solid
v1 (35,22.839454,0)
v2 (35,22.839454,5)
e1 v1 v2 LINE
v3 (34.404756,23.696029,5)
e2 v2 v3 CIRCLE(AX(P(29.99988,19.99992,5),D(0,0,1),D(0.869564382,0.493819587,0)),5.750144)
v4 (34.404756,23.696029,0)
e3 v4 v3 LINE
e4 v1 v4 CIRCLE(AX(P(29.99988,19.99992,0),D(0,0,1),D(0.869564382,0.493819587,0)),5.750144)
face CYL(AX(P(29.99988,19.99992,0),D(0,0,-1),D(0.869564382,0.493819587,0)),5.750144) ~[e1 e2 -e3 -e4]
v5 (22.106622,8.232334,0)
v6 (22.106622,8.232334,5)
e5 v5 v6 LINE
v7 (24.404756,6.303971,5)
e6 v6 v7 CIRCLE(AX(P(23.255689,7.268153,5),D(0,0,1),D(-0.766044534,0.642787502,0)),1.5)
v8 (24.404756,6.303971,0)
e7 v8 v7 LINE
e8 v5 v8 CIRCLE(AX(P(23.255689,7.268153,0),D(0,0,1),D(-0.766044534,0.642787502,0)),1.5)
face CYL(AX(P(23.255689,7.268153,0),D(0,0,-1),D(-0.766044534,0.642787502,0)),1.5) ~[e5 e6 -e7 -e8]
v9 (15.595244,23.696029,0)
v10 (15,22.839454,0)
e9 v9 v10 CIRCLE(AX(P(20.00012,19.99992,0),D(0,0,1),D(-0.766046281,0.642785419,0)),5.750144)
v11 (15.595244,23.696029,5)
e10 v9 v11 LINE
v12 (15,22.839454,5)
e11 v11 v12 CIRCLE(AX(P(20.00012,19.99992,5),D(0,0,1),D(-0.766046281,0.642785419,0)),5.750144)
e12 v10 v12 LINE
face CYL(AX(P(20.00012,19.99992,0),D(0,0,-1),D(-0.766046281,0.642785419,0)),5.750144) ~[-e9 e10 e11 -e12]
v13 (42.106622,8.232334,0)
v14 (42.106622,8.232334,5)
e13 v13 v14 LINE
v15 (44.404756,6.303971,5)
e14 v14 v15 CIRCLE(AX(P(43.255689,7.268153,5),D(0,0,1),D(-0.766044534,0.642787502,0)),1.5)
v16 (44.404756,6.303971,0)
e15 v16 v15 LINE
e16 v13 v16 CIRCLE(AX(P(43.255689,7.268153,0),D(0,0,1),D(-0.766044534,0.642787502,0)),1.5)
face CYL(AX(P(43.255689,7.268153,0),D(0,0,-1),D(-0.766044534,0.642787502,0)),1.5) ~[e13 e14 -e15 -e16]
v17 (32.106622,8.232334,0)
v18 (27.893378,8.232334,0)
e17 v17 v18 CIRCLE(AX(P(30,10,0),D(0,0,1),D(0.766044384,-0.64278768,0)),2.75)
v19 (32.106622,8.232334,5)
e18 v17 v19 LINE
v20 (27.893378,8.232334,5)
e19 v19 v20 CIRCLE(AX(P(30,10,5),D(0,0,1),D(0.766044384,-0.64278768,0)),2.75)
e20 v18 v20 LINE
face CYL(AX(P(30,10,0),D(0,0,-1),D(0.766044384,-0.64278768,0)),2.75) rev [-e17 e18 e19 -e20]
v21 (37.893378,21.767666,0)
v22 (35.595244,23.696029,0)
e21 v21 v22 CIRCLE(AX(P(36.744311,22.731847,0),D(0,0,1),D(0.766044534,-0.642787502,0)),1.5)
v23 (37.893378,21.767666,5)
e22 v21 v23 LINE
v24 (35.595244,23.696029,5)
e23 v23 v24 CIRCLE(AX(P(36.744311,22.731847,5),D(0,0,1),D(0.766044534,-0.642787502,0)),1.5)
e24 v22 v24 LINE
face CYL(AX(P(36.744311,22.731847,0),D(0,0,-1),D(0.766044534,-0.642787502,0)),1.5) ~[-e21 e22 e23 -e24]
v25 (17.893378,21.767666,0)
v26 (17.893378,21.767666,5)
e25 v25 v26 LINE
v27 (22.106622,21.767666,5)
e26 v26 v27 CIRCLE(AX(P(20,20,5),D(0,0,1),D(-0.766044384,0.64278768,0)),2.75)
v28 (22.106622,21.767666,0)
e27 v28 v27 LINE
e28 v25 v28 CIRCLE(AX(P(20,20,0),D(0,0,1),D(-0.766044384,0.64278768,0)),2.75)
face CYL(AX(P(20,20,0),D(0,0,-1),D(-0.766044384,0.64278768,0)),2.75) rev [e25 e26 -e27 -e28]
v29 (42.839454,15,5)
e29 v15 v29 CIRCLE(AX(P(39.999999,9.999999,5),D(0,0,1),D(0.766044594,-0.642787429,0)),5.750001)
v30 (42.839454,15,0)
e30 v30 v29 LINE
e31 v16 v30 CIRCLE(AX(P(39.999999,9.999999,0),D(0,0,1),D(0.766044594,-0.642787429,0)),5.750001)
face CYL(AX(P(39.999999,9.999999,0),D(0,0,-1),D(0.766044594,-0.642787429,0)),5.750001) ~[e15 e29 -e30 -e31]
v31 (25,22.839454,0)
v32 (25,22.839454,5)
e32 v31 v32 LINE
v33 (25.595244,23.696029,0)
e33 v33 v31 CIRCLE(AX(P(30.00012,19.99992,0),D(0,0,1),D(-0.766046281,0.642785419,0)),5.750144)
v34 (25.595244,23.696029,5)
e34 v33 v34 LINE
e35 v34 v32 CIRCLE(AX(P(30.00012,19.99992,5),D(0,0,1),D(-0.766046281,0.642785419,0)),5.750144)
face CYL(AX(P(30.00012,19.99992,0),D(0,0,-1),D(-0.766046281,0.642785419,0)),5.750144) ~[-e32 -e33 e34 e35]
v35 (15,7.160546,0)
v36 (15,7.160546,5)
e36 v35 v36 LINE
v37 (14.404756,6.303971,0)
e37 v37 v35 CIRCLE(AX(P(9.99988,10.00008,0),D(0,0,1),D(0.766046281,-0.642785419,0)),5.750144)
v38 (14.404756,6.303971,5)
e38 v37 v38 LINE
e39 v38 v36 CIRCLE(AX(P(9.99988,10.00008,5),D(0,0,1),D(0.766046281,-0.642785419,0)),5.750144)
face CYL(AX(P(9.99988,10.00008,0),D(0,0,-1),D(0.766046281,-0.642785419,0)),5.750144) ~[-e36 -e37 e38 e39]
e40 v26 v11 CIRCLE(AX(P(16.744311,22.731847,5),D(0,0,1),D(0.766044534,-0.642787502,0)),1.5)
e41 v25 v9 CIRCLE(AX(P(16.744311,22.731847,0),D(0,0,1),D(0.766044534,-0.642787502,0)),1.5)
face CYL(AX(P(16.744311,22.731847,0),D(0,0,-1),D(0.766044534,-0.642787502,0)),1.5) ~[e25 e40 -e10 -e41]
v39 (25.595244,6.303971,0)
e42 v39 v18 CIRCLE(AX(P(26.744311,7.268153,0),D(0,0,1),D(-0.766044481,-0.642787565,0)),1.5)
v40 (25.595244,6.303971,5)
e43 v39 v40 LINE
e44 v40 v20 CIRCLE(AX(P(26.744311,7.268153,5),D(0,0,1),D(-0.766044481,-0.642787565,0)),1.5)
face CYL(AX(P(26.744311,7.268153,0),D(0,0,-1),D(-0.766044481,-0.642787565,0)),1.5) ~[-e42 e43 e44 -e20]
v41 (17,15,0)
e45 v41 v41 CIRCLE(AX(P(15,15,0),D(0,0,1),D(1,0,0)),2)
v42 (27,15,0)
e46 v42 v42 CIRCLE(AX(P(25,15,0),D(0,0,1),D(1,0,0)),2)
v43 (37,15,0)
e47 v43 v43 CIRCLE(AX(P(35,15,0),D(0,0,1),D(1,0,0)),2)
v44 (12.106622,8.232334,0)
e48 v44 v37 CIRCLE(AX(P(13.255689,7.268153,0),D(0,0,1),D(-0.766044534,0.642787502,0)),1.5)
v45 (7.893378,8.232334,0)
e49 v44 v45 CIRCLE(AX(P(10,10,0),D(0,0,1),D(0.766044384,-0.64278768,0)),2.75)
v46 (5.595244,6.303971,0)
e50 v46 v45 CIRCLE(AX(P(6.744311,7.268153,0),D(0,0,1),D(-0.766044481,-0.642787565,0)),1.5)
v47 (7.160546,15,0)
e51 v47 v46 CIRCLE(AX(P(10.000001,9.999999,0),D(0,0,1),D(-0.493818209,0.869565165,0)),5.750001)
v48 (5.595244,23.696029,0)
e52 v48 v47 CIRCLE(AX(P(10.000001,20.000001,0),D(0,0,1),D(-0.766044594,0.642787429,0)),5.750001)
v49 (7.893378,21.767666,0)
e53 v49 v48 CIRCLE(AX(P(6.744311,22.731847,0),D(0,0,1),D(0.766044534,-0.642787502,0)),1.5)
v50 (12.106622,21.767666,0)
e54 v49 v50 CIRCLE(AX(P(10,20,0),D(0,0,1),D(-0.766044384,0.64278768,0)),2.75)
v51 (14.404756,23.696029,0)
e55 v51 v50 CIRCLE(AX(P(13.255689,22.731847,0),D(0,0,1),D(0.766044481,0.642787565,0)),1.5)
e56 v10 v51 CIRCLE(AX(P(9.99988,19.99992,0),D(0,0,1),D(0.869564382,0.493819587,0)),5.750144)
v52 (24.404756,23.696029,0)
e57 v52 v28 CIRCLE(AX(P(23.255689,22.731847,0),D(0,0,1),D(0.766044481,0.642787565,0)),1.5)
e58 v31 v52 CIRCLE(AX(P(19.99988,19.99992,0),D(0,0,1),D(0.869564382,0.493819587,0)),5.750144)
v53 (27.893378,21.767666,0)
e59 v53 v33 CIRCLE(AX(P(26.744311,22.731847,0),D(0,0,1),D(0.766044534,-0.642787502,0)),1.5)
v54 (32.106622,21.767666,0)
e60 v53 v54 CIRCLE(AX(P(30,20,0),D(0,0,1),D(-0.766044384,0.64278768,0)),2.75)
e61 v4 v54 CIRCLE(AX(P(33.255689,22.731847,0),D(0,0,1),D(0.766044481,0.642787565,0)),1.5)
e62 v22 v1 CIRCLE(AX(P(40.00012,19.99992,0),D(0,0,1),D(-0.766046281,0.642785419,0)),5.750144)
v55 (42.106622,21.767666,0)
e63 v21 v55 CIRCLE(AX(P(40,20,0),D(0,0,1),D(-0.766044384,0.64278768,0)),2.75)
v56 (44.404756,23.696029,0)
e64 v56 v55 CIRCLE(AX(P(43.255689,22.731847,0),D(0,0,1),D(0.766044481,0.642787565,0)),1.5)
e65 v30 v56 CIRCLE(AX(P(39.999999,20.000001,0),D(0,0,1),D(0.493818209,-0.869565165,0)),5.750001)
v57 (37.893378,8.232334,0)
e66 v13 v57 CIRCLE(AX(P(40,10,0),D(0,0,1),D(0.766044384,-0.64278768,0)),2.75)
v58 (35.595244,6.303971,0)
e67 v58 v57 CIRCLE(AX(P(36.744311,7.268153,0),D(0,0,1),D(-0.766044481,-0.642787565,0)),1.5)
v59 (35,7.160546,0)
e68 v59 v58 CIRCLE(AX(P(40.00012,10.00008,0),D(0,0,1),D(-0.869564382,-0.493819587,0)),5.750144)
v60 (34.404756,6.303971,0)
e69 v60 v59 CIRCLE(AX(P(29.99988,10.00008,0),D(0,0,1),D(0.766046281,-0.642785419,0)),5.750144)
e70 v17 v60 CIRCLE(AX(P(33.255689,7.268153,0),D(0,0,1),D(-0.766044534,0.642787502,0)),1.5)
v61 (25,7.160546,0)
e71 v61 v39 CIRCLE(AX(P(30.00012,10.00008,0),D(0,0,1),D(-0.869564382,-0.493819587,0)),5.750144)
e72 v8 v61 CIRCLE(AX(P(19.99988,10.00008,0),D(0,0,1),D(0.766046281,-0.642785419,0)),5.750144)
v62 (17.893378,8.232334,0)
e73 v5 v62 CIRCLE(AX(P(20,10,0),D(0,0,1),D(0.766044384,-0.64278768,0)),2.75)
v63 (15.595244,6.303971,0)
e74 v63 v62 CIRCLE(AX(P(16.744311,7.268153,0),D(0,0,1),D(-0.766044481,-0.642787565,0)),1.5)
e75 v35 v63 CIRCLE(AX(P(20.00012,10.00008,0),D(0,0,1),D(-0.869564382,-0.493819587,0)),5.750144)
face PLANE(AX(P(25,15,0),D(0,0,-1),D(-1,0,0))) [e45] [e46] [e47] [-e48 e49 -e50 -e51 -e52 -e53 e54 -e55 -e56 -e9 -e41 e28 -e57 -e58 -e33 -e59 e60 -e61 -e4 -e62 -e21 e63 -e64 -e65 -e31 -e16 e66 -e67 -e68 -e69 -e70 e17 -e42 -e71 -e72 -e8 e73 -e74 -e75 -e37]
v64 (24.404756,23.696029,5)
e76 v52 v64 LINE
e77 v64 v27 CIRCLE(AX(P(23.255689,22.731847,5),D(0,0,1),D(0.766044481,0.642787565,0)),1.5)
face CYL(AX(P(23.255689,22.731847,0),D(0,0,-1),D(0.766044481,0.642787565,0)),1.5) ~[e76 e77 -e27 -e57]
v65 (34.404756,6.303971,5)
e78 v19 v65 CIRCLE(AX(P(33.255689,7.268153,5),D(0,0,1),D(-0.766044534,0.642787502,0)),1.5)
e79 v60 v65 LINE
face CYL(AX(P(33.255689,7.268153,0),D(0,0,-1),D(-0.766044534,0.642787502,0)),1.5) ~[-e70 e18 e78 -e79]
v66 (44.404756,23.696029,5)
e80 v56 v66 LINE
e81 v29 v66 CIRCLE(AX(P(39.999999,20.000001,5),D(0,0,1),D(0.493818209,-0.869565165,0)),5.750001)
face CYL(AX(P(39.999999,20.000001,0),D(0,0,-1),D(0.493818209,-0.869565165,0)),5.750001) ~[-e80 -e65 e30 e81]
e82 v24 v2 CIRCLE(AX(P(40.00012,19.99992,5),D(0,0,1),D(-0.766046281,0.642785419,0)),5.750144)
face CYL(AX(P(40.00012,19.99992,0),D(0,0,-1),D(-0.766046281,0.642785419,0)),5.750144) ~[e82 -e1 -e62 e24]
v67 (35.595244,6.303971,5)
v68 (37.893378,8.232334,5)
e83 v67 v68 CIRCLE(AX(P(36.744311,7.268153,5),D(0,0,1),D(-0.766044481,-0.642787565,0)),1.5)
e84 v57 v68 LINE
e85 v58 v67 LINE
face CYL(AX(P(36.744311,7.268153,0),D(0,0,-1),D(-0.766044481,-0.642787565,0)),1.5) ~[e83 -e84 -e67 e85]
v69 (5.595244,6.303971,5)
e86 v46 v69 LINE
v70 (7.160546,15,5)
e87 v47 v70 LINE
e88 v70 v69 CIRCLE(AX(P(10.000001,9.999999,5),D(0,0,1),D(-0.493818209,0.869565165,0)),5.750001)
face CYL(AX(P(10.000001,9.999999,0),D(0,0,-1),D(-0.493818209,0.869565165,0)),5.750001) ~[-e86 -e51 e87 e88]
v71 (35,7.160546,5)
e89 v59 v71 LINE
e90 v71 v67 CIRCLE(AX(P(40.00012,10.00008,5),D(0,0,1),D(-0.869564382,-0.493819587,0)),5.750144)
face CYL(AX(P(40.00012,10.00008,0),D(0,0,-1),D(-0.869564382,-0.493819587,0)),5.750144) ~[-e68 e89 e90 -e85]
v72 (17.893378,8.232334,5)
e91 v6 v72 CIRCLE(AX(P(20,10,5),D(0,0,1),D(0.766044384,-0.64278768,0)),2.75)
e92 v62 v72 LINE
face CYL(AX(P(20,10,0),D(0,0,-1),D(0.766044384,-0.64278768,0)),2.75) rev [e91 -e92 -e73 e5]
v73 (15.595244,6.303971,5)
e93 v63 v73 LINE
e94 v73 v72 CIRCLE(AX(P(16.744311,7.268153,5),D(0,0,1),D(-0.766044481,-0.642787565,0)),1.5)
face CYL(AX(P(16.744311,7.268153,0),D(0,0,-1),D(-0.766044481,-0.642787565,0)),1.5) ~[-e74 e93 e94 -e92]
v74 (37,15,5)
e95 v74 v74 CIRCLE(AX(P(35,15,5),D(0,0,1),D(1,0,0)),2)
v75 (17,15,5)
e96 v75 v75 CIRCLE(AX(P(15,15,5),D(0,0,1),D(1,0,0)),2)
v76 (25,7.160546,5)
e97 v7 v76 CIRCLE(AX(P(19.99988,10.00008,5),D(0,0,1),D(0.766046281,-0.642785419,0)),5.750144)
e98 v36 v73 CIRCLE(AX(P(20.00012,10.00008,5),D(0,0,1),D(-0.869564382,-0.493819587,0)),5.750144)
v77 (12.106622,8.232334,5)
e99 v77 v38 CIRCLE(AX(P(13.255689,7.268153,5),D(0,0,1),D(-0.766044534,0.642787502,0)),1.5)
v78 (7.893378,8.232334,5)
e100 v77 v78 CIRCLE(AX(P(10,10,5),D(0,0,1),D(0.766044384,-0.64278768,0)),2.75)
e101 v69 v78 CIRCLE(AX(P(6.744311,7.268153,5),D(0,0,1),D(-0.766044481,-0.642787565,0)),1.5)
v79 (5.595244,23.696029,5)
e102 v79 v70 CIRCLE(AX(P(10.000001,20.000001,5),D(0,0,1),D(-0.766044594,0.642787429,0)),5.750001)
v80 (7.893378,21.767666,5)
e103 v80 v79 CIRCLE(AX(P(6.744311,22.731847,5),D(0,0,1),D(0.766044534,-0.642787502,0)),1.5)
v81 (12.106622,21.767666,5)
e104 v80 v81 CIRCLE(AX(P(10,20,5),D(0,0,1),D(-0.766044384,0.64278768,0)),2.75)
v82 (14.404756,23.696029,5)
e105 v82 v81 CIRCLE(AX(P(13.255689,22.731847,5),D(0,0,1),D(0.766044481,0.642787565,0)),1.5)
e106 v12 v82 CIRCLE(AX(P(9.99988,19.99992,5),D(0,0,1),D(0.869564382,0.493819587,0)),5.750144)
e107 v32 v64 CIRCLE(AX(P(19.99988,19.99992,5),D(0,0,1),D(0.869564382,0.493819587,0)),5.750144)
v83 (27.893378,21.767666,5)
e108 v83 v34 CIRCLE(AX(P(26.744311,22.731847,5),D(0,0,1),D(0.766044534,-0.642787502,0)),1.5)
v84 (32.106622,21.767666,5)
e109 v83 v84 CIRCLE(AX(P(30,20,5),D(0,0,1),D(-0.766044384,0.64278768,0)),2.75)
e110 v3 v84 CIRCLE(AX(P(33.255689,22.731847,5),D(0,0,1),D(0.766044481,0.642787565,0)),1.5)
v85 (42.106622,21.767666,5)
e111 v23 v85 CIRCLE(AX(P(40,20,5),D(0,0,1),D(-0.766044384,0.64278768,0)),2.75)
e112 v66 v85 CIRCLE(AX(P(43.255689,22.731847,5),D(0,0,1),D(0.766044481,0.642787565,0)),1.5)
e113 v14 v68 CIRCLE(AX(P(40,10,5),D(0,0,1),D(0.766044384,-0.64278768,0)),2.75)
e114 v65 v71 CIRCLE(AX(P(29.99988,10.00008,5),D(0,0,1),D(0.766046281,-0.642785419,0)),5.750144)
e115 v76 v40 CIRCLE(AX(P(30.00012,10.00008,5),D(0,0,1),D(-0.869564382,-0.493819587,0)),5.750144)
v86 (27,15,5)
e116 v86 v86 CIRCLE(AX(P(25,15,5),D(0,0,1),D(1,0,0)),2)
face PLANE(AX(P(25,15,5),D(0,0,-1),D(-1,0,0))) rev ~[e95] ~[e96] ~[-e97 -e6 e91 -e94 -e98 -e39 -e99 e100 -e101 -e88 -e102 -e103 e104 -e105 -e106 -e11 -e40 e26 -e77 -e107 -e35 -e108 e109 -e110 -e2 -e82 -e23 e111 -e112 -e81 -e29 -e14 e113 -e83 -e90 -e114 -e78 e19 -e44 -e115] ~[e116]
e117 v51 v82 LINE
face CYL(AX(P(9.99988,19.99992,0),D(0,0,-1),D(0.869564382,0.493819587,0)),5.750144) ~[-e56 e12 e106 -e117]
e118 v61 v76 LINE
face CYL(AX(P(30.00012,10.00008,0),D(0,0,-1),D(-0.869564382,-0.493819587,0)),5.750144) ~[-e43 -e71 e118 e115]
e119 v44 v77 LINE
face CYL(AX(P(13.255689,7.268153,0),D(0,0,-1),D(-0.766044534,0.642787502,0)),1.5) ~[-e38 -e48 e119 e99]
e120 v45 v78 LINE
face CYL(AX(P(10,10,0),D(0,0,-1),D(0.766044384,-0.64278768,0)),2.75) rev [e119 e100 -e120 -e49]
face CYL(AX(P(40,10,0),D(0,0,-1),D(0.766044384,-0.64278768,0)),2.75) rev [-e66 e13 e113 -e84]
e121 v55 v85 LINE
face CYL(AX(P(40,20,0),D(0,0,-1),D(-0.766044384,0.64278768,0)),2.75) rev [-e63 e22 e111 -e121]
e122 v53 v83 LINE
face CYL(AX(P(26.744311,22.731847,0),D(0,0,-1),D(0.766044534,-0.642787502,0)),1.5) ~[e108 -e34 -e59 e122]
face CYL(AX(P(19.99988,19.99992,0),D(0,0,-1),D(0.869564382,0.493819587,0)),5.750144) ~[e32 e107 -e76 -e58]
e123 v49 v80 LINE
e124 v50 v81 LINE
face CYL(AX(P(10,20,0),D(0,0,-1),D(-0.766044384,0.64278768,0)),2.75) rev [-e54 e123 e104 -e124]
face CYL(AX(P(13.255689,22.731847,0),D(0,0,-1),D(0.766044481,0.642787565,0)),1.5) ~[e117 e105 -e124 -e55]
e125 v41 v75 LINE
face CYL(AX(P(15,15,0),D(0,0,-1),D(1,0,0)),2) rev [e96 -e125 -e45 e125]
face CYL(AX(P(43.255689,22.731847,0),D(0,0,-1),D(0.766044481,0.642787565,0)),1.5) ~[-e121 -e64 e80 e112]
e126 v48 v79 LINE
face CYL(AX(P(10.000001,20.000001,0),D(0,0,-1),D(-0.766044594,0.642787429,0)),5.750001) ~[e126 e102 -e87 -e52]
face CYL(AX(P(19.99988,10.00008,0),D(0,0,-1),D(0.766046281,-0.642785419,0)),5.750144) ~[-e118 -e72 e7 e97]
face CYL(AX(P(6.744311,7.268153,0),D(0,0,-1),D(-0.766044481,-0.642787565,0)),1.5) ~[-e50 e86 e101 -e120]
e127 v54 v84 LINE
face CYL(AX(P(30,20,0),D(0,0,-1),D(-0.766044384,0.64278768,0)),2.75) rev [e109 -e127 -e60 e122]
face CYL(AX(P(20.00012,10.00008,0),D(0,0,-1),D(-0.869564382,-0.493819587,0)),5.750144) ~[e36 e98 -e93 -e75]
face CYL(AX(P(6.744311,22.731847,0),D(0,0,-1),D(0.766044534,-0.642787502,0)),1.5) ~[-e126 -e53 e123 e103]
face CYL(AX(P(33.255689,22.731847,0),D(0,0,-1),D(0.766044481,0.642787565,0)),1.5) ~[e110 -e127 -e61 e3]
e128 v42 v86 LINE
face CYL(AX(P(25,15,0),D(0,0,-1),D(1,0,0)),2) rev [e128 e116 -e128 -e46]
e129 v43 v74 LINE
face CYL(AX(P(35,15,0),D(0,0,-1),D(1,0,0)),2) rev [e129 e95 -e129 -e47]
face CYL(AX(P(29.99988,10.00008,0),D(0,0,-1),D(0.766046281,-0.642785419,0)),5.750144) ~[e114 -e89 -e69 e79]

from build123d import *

# Parameters (mm, degrees)
SKETCH_R  = 2
PAD_DEPTH = 5


with BuildPart() as part:
    # Sketch → Pad (new body)
    with BuildSketch(Plane.XY):
        with BuildLine():
            ThreePointArc((7.893378, 21.767666), (10, 17.25), (12.106622, 21.767666))
            ThreePointArc((14.404756, 23.696029), (12.291507, 23.880914), (12.106622, 21.767666))
            ThreePointArc((15, 22.839454), (14.721841, 23.281267), (14.404756, 23.696029))
            ThreePointArc((15.595244, 23.696029), (15.278159, 23.281267), (15, 22.839454))
            ThreePointArc((17.893378, 21.767666), (17.708493, 23.880914), (15.595244, 23.696029))
            ThreePointArc((17.893378, 21.767666), (20, 17.25), (22.106622, 21.767666))
            ThreePointArc((24.404756, 23.696029), (22.291507, 23.880914), (22.106622, 21.767666))
            ThreePointArc((25, 22.839454), (24.721841, 23.281267), (24.404756, 23.696029))
            ThreePointArc((25.595244, 23.696029), (25.278159, 23.281267), (25, 22.839454))
            ThreePointArc((27.893378, 21.767666), (27.708493, 23.880914), (25.595244, 23.696029))
            ThreePointArc((27.893378, 21.767666), (30, 17.25), (32.106622, 21.767666))
            ThreePointArc((34.404756, 23.696029), (32.291507, 23.880914), (32.106622, 21.767666))
            ThreePointArc((35, 22.839454), (34.721841, 23.281267), (34.404756, 23.696029))
            ThreePointArc((35.595244, 23.696029), (35.278159, 23.281267), (35, 22.839454))
            ThreePointArc((37.893378, 21.767666), (37.708493, 23.880914), (35.595244, 23.696029))
            ThreePointArc((37.893378, 21.767666), (40, 17.25), (42.106622, 21.767666))
            ThreePointArc((44.404756, 23.696029), (42.291507, 23.880914), (42.106622, 21.767666))
            ThreePointArc((42.839454, 15), (45.659052, 18.98136), (44.404756, 23.696029))
            ThreePointArc((44.404756, 6.303971), (45.659052, 11.01864), (42.839454, 15))
            ThreePointArc((42.106622, 8.232334), (42.291507, 6.119086), (44.404756, 6.303971))
            ThreePointArc((42.106622, 8.232334), (40, 12.75), (37.893378, 8.232334))
            ThreePointArc((35.595244, 6.303971), (37.708493, 6.119086), (37.893378, 8.232334))
            ThreePointArc((35, 7.160546), (35.278159, 6.718733), (35.595244, 6.303971))
            ThreePointArc((34.404756, 6.303971), (34.721841, 6.718733), (35, 7.160546))
            ThreePointArc((32.106622, 8.232334), (32.291507, 6.119086), (34.404756, 6.303971))
            ThreePointArc((32.106622, 8.232334), (30, 12.75), (27.893378, 8.232334))
            ThreePointArc((25.595244, 6.303971), (27.708493, 6.119086), (27.893378, 8.232334))
            ThreePointArc((25, 7.160546), (25.278159, 6.718733), (25.595244, 6.303971))
            ThreePointArc((24.404756, 6.303971), (24.721841, 6.718733), (25, 7.160546))
            ThreePointArc((22.106622, 8.232334), (22.291507, 6.119086), (24.404756, 6.303971))
            ThreePointArc((22.106622, 8.232334), (20, 12.75), (17.893378, 8.232334))
            ThreePointArc((15.595244, 6.303971), (17.708493, 6.119086), (17.893378, 8.232334))
            ThreePointArc((15, 7.160546), (15.278159, 6.718733), (15.595244, 6.303971))
            ThreePointArc((14.404756, 6.303971), (14.721841, 6.718733), (15, 7.160546))
            ThreePointArc((12.106622, 8.232334), (12.291507, 6.119086), (14.404756, 6.303971))
            ThreePointArc((12.106622, 8.232334), (10, 12.75), (7.893378, 8.232334))
            ThreePointArc((5.595244, 6.303971), (7.708493, 6.119086), (7.893378, 8.232334))
            ThreePointArc((7.160546, 15), (4.340948, 11.01864), (5.595244, 6.303971))
            ThreePointArc((5.595244, 23.696029), (4.340948, 18.98136), (7.160546, 15))
            ThreePointArc((7.893378, 21.767666), (7.708493, 23.880914), (5.595244, 23.696029))
        make_face()
        with Locations((15, 15)):
            Circle(SKETCH_R, mode=Mode.SUBTRACT)
        with Locations((25, 15)):
            Circle(SKETCH_R, mode=Mode.SUBTRACT)
        with Locations((35, 15)):
            Circle(SKETCH_R, mode=Mode.SUBTRACT)
    extrude(amount=PAD_DEPTH)


solid = part.part
